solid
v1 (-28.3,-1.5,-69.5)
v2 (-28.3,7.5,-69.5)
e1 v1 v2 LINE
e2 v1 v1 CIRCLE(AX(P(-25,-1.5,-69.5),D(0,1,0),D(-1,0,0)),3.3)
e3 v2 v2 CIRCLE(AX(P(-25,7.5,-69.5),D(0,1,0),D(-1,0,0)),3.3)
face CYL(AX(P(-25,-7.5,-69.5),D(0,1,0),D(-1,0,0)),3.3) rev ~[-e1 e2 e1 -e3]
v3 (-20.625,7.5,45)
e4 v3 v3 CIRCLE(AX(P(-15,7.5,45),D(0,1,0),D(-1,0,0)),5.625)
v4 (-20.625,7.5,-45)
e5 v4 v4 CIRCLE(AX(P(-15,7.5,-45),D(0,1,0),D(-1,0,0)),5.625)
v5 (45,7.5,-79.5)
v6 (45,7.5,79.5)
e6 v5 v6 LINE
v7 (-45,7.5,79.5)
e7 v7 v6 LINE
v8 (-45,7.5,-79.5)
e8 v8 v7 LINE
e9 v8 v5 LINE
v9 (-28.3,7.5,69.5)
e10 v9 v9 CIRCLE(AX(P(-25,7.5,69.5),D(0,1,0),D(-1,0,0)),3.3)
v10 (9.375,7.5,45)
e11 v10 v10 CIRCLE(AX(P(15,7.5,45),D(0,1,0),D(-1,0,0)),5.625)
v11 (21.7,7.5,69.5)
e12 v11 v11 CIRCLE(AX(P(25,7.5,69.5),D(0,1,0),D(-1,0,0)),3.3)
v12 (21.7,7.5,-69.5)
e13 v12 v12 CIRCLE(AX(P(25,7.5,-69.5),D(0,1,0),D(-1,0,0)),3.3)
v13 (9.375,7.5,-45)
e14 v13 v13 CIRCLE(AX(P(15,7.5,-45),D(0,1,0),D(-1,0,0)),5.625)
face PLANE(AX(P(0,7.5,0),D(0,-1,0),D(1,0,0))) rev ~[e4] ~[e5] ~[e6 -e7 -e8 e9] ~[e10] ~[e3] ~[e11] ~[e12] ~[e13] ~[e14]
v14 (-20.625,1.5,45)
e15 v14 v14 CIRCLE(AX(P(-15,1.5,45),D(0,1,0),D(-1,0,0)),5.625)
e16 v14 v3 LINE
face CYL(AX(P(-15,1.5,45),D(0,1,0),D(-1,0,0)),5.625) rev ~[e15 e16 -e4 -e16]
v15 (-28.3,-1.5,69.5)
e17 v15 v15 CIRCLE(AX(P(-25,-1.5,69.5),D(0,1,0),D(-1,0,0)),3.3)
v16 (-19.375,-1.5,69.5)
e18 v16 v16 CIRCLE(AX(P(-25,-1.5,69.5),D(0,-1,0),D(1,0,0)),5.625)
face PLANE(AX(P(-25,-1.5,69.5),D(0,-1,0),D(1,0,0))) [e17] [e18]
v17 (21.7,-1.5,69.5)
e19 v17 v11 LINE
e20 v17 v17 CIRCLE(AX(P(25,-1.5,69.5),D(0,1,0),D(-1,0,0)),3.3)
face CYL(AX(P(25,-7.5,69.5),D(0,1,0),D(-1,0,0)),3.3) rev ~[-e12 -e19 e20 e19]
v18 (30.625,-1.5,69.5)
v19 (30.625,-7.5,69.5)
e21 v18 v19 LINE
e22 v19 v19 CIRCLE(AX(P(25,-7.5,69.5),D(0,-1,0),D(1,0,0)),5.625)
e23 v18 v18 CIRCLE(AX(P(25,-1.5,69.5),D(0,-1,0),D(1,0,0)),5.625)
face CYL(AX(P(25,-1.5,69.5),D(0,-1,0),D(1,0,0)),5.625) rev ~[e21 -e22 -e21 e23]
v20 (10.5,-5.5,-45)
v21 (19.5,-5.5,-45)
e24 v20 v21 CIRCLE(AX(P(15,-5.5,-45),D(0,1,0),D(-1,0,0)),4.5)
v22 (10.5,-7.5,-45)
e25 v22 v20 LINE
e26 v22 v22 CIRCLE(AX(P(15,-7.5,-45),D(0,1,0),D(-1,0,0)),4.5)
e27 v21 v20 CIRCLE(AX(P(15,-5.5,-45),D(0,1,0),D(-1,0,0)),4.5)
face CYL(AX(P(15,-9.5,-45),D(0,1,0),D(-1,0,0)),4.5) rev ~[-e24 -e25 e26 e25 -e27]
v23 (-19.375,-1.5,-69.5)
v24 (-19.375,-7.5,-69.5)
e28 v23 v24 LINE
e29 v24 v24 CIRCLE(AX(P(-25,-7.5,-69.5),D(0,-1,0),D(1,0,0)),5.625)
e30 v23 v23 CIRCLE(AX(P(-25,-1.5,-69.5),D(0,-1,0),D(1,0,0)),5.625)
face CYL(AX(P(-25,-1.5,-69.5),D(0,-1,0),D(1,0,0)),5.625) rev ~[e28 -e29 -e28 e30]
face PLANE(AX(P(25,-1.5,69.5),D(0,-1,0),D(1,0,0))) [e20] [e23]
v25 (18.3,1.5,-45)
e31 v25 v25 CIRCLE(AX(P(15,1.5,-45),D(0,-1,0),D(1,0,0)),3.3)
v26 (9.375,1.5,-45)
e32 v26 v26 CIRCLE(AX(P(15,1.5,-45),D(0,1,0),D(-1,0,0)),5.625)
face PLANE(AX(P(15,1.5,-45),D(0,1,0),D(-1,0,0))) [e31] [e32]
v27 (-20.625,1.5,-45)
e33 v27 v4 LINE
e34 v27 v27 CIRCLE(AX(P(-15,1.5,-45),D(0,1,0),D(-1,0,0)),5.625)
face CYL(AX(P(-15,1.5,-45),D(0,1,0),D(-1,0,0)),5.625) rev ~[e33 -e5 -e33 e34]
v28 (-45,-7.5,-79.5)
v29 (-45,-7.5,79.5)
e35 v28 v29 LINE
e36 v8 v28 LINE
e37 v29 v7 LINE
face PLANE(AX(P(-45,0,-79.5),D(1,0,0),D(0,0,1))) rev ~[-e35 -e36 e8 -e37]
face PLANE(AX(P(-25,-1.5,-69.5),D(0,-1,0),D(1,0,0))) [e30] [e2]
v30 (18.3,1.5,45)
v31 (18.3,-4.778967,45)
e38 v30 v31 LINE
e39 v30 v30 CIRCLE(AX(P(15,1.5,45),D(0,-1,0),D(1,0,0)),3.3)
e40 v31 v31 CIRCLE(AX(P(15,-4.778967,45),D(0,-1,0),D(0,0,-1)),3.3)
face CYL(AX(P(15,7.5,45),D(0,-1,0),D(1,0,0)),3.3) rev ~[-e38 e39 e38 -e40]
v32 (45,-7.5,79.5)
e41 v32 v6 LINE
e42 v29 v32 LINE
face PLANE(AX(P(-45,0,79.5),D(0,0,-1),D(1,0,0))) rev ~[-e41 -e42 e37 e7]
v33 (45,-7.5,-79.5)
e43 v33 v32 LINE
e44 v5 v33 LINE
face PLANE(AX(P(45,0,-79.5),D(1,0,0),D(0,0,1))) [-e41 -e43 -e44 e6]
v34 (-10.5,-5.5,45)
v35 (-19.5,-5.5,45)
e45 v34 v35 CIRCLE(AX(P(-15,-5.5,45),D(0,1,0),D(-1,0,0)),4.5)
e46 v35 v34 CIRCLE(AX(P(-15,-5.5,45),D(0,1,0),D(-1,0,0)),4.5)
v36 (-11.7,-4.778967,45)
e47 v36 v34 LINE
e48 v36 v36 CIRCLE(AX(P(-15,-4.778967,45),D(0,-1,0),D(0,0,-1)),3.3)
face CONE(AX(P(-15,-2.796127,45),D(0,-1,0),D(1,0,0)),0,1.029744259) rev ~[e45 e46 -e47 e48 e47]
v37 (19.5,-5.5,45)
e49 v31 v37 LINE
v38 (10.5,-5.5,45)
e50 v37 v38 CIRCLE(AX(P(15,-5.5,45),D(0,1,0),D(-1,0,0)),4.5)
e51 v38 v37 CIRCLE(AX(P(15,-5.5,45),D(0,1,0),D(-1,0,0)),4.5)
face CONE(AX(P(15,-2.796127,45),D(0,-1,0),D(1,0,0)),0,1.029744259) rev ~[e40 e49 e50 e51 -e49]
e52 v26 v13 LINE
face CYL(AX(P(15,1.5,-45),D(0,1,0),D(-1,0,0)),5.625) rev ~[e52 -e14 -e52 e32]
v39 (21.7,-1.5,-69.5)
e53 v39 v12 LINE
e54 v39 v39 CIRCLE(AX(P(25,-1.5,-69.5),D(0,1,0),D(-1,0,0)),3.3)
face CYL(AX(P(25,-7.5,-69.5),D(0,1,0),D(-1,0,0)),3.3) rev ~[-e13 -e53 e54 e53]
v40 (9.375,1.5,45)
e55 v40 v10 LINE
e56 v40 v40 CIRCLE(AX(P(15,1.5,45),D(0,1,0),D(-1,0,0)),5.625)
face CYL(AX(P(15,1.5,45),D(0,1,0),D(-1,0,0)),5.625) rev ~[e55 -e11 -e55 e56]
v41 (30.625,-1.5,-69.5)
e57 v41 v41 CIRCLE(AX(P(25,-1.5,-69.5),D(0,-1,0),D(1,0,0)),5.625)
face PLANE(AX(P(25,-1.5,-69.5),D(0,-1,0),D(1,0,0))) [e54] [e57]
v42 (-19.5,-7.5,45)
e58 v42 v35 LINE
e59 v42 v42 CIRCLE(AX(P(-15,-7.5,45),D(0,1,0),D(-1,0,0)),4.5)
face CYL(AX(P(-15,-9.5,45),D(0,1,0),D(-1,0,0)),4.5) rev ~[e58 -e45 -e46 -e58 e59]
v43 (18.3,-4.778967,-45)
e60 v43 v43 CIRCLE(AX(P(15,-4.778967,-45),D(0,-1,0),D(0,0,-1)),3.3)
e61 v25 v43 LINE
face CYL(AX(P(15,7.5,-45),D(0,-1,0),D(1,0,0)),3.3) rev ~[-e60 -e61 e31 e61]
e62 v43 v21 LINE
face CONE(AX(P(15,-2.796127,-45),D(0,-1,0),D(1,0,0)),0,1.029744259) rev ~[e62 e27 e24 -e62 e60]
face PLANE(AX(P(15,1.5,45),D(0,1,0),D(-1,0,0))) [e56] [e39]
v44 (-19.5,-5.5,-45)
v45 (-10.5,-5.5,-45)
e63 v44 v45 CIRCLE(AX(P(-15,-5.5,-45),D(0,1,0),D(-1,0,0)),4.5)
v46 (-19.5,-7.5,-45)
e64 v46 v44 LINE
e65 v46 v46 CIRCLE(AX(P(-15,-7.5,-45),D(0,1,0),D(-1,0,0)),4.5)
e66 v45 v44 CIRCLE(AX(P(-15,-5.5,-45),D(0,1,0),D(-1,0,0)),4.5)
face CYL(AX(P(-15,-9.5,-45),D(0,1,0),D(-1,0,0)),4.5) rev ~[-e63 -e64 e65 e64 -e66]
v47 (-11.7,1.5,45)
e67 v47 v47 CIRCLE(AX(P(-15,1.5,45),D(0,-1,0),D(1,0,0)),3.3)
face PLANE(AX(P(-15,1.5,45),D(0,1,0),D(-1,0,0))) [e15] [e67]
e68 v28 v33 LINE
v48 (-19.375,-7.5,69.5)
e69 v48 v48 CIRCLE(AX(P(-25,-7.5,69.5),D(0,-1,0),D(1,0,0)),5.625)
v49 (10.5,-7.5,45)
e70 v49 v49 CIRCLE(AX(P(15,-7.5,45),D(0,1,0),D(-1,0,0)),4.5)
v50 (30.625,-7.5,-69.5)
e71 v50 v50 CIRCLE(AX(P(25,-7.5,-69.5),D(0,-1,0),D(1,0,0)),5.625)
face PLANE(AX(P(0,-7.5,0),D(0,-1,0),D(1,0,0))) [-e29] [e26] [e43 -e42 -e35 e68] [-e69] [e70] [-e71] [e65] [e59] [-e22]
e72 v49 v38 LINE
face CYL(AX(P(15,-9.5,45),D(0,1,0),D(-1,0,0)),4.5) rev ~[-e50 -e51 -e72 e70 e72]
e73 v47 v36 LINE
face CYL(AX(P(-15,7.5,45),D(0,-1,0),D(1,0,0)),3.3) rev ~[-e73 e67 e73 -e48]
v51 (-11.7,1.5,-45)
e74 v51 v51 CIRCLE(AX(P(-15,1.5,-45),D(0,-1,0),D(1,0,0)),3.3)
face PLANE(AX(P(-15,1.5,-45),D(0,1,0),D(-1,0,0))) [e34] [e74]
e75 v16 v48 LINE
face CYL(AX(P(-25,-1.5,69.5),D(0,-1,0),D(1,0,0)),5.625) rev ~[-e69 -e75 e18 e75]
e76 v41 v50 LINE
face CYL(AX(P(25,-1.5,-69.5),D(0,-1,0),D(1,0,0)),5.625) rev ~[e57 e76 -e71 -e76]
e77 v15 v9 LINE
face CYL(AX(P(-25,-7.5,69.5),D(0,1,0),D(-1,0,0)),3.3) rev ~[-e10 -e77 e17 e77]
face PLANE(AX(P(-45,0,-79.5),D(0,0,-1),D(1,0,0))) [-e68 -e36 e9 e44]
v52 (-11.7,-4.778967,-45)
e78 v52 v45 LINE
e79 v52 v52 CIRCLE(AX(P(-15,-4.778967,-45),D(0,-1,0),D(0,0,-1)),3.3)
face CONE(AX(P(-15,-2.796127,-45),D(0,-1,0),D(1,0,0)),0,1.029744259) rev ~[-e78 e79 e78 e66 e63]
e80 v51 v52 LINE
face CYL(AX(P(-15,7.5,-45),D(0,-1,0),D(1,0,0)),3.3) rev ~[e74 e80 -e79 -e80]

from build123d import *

# Parameters (mm, degrees)
F0_W           = 90
F0_H           = 159
F1_DEPTH       = 7.5
F3_D           = 6.6
F3_CBORE_D     = 11.25
F3_CBORE_DEPTH = 6
F5_D           = 6.6
F5_CBORE_D     = 11.25
F5_CBORE_DEPTH = 6
F7_D           = 9
F7_DEPTH       = 2
F7_TIP         = 2.7038727856


with BuildPart() as f1:
    # F0 (on Front) → F1 (new body, symmetric)
    with BuildSketch(Plane.XZ):
        Rectangle(F0_W, F0_H)
    extrude(amount=F1_DEPTH, both=True)

    # F3 (through all)
    with Locations(Plane.XZ.offset(7.5)):
        with Locations((-25, 69.5), (25, 69.5), (-25, -69.5), (25, -69.5)):
            CounterBoreHole(F3_D / 2, F3_CBORE_D / 2, F3_CBORE_DEPTH)

    # F5 (through all)
    with Locations(Plane(origin=(0, 7.5, 0), x_dir=(-1, 0, 0), z_dir=(0, 1, 0))):
        with Locations((-15, 45), (15, 45), (15, -45), (-15, -45)):
            CounterBoreHole(F5_D / 2, F5_CBORE_D / 2, F5_CBORE_DEPTH)

    # F7
    with Locations(Plane.XZ.offset(7.5)):
        with Locations((-15, 45), (15, 45), (-15, -45), (15, -45)):
            Hole(F7_D / 2, depth=F7_DEPTH)
            with Locations((0, 0, -(F7_DEPTH + F7_TIP / 2))):  # 118° drill point
                Cone(0, F7_D / 2, F7_TIP, mode=Mode.SUBTRACT)


solid = f1.part
